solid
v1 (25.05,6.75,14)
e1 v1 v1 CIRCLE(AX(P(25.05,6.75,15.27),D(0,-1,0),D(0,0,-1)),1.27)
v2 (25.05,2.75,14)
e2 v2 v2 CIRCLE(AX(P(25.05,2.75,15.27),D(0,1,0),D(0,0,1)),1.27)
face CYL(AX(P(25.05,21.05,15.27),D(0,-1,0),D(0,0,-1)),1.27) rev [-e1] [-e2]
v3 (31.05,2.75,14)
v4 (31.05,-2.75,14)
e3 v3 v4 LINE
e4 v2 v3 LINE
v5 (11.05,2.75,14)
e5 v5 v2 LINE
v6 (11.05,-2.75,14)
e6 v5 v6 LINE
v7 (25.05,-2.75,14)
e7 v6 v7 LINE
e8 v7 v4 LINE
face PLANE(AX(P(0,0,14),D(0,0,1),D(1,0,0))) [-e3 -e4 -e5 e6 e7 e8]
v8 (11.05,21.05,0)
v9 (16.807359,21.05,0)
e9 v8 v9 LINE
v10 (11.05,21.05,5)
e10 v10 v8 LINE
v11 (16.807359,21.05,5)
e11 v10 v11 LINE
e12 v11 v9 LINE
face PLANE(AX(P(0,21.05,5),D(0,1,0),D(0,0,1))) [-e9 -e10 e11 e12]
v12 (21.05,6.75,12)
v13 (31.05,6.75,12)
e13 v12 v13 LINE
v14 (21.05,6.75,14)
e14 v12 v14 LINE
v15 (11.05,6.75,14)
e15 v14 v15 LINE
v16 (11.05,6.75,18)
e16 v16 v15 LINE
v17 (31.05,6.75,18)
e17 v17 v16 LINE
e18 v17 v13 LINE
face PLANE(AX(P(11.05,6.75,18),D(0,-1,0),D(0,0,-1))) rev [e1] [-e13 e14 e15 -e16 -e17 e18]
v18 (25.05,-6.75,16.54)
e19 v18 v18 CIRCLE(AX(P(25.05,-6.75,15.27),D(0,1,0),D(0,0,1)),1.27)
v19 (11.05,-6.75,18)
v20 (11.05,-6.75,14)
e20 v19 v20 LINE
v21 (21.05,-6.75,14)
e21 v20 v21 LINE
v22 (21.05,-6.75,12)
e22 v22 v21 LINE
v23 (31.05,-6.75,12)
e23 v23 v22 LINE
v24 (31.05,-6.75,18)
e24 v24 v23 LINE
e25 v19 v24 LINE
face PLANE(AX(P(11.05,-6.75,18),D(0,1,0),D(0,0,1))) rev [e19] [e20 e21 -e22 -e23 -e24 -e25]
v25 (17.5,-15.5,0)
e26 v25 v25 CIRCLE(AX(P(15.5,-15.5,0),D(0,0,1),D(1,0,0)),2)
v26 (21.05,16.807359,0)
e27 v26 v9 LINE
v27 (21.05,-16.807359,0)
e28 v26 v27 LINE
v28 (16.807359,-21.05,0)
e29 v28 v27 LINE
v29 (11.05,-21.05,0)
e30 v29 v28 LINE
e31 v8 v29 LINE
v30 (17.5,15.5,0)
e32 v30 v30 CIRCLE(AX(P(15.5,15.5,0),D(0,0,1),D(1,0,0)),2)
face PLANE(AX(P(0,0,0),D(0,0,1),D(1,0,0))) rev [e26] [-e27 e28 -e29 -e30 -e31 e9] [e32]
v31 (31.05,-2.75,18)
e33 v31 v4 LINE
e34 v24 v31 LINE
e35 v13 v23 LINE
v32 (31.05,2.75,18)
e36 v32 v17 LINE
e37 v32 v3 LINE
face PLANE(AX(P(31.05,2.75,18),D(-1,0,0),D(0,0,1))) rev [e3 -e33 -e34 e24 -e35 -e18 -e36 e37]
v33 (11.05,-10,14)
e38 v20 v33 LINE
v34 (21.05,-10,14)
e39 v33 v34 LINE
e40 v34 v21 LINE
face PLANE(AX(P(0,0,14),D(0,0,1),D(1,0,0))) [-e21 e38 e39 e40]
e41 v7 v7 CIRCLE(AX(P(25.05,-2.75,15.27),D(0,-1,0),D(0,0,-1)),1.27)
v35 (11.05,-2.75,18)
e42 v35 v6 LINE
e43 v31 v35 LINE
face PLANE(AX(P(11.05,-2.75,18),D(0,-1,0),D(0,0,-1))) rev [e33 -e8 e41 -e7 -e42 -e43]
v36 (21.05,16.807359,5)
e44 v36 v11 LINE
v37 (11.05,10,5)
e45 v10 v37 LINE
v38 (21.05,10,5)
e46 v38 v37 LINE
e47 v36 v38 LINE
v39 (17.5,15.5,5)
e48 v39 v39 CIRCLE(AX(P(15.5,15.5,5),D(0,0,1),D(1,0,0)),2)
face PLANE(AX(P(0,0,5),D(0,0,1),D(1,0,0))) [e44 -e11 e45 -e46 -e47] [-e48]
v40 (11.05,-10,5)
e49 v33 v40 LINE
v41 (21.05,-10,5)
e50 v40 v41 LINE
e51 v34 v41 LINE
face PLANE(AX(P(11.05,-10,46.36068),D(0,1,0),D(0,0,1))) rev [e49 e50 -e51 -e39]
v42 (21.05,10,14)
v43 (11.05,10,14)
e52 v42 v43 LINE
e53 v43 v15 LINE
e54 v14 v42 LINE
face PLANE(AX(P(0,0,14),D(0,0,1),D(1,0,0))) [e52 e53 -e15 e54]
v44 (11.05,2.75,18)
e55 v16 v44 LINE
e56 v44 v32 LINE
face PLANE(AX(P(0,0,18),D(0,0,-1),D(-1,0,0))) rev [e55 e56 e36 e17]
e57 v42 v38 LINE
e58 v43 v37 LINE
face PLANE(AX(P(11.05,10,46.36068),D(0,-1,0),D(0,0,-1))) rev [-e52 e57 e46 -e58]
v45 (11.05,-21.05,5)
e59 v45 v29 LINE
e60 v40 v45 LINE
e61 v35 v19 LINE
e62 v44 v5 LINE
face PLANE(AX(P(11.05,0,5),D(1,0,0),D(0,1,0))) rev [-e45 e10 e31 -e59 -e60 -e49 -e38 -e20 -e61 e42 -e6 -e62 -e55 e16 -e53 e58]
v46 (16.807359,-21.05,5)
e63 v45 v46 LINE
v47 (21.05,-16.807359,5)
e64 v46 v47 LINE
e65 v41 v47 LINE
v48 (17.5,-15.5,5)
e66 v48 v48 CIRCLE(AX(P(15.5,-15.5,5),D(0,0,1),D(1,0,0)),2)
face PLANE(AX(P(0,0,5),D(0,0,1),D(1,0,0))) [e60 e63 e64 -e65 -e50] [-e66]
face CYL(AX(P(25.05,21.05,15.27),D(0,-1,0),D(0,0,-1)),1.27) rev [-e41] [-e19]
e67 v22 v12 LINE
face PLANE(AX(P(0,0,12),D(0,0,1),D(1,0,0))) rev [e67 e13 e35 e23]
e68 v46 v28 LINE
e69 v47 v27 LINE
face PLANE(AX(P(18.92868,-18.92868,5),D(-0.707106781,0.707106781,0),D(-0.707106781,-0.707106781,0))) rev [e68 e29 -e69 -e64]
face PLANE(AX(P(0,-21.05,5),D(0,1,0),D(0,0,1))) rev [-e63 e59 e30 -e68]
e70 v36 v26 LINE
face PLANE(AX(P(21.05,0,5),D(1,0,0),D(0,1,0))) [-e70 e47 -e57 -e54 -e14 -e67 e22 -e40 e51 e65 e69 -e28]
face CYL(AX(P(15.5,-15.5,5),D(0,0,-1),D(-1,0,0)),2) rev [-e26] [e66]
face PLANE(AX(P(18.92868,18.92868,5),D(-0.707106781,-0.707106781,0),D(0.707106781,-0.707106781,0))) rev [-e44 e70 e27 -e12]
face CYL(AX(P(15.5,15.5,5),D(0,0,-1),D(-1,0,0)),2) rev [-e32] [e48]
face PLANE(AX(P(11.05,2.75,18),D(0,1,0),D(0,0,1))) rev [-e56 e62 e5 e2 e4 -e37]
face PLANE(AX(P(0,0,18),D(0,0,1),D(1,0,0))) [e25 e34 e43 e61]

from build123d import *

# Parameters (mm, degrees)
SKETCH1_R               = 2
BOSS_EXTRUDE1_DEPTH     = 5
SKETCH2_W               = 10
SKETCH2_H               = 20
BOSS_EXTRUDE2_DEPTH     = 9
SKETCH3_W               = 20
SKETCH3_H               = 4
BOSS_EXTRUDE3_DEPTH     = 4
SKETCH4_W               = 10
SKETCH4_H               = 13.5
BOSS_EXTRUDE4_DEPTH     = 2
CUT_EXTRUDE1_DEPTH      = 46.397604562
CUT_EXTRUDE1_DEPTH_BACK = 46.397604562
SKETCH5_R               = 1.27


with BuildPart() as part:
    # Sketch1 → Boss-Extrude1 (new body)
    with BuildSketch(Plane.XY):
        Polygon((16.807359313, 21.05), (11.05, 21.05), (11.05, -21.05), (16.807359313, -21.05), (21.05, -16.807359313), (21.05, 16.807359313), align=None)
        with Locations((15.5, -15.5)):
            Circle(SKETCH1_R, mode=Mode.SUBTRACT)
        with Locations((15.5, 15.5)):
            Circle(SKETCH1_R, mode=Mode.SUBTRACT)
    extrude(amount=BOSS_EXTRUDE1_DEPTH)

    # Sketch2 → Boss-Extrude2 (add)
    with BuildSketch(Plane.XY.offset(5)):
        with Locations((16.05, 0)):
            Rectangle(SKETCH2_W, SKETCH2_H)
    extrude(amount=BOSS_EXTRUDE2_DEPTH)

    # Sketch3 → Boss-Extrude3 (add)
    with BuildSketch(Plane.XY.offset(14)):
        with Locations((21.05, 4.75)):
            Rectangle(SKETCH3_W, SKETCH3_H)
        with Locations((21.05, -4.75)):
            Rectangle(SKETCH3_W, SKETCH3_H)
    extrude(amount=BOSS_EXTRUDE3_DEPTH)

    # Sketch4 → Boss-Extrude4 (add)
    with BuildSketch(Plane(origin=(0, 0, 14), x_dir=(-1, 0, 0), z_dir=(0, 0, -1))):
        with Locations((-26.05, 0)):
            Rectangle(SKETCH4_W, SKETCH4_H)
    extrude(amount=BOSS_EXTRUDE4_DEPTH)

    # Sketch5 → Cut-Extrude1 (cut, two sides: drawn at the far end of the back side and taken through both)
    with BuildSketch(Plane.XZ.offset(6.75).offset(-CUT_EXTRUDE1_DEPTH_BACK)):
        with Locations(Location((25.05, 15.27, 0), (0, 0, 270))):
            Circle(SKETCH5_R)
    extrude(amount=CUT_EXTRUDE1_DEPTH + CUT_EXTRUDE1_DEPTH_BACK, mode=Mode.SUBTRACT)


solid = part.part
